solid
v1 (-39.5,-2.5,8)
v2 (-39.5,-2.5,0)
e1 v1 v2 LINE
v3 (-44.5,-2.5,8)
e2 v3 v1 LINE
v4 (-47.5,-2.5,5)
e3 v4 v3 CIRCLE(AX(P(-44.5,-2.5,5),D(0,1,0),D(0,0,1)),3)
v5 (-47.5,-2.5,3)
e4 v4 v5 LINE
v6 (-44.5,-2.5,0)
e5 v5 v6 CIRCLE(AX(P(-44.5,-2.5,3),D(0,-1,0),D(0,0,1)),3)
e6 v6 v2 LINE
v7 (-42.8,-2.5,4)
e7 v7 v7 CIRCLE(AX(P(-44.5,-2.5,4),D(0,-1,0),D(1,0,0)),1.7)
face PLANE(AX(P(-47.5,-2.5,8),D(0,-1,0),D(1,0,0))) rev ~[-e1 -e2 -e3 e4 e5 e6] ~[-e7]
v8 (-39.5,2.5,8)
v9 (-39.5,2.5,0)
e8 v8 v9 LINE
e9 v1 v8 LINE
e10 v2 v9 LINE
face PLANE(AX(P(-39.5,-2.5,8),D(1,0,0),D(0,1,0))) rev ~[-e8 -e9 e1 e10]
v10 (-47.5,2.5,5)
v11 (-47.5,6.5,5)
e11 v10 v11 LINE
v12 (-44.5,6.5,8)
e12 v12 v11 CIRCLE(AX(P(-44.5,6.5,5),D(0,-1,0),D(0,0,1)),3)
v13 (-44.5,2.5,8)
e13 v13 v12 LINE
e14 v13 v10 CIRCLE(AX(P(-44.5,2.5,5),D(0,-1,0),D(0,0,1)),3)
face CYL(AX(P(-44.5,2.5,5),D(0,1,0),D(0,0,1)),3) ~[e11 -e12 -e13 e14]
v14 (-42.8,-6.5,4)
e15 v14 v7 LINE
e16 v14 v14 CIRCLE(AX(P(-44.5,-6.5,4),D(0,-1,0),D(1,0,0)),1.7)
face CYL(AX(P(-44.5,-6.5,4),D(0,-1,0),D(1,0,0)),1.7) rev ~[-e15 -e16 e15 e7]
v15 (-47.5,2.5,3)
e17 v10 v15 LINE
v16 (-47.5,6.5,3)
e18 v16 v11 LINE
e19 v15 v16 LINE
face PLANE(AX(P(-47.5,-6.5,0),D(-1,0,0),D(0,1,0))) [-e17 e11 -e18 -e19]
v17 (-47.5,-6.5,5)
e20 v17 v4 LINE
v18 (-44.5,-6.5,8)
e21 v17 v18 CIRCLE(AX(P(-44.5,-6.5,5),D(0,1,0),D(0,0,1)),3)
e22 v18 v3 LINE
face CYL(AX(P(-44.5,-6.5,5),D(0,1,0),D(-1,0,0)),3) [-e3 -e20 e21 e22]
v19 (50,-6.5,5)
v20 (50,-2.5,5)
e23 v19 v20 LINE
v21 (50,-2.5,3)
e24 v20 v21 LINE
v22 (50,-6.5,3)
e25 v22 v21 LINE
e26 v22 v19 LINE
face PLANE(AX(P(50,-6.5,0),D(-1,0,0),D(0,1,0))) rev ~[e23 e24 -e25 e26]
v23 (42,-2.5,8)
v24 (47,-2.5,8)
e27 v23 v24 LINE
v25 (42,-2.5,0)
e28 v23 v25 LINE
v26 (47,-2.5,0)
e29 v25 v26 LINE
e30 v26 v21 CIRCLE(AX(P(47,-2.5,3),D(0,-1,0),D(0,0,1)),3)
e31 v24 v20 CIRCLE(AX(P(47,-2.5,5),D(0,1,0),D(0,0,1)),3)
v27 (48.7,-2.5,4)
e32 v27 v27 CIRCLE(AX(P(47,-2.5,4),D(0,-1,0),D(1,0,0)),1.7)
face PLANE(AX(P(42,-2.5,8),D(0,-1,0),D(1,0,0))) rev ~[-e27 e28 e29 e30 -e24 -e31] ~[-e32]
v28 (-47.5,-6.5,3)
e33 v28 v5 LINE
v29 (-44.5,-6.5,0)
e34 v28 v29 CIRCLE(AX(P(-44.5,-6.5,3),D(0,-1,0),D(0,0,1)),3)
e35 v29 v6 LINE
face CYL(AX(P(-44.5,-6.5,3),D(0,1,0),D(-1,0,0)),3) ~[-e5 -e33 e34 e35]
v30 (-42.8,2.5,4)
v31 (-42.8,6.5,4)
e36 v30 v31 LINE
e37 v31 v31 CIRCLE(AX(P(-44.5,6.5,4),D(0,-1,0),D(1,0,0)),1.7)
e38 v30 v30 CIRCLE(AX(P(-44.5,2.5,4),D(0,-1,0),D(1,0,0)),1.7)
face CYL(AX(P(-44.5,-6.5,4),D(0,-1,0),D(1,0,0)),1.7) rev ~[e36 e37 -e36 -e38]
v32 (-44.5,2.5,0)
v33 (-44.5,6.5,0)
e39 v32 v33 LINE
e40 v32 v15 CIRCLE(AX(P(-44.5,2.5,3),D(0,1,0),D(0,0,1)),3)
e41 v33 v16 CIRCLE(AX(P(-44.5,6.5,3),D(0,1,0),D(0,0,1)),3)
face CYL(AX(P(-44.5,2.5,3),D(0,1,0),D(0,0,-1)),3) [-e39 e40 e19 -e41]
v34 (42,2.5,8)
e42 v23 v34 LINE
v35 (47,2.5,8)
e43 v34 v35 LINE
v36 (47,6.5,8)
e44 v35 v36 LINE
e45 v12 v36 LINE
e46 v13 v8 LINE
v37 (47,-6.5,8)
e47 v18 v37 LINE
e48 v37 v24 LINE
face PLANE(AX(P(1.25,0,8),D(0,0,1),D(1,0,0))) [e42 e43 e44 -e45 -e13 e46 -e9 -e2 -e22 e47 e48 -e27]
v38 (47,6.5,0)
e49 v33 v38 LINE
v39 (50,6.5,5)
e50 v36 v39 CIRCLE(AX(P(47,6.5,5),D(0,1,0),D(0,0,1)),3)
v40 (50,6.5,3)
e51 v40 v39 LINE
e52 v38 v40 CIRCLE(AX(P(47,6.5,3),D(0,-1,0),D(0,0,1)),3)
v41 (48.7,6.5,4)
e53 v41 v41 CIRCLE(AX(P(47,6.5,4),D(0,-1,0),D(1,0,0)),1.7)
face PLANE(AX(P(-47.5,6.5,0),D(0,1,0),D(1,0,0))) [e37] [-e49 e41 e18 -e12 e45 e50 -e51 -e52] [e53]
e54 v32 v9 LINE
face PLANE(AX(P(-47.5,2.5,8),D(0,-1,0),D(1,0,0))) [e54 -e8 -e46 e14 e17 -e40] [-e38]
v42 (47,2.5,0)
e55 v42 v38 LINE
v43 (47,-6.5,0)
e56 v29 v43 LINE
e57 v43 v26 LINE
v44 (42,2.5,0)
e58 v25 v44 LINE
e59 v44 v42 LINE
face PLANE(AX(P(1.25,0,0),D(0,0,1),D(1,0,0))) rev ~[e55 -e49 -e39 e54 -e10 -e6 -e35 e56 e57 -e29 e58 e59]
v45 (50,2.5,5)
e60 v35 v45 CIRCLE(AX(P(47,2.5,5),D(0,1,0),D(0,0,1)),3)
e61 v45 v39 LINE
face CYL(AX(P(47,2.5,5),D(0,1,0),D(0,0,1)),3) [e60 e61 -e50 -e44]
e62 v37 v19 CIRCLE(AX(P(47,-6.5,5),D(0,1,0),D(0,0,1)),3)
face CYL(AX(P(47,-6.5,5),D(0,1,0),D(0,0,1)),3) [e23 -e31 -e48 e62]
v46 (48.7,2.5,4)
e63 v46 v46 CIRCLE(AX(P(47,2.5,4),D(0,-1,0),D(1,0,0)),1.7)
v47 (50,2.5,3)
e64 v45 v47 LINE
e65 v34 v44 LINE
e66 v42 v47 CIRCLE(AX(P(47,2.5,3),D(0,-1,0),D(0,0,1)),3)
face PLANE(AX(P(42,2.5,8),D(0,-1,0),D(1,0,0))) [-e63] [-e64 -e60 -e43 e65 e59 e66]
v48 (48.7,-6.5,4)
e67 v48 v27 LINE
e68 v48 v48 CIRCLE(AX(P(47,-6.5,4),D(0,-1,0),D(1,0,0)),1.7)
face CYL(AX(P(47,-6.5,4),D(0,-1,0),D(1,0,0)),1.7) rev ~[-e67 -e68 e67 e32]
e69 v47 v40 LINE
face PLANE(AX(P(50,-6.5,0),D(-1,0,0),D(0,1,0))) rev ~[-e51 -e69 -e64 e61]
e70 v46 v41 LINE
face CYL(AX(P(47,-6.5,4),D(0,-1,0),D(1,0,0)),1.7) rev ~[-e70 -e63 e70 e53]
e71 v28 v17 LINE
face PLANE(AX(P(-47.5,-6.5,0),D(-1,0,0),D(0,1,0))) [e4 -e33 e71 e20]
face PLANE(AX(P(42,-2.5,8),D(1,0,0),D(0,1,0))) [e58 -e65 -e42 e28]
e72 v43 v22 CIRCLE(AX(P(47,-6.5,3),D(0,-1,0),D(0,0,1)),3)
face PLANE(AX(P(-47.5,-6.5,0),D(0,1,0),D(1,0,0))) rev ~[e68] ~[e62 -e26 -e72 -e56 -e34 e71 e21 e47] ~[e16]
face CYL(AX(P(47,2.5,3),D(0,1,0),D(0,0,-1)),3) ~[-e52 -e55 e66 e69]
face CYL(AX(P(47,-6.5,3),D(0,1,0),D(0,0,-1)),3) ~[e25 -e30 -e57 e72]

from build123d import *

# Parameters (mm, degrees)
SKETCH_W        = 97.5
SKETCH_H        = 13
PAD_DEPTH       = 8
SKETCH001_R     = 1.7
POCKET_DEPTH    = 20
SKETCH002_W     = 8
SKETCH002_H     = 5
POCKET001_DEPTH = 20
FILLET_R        = 3


with BuildPart() as part:
    # Sketch → Pad (new body)
    with BuildSketch(Plane.XY):
        with Locations((1.25, 0)):
            Rectangle(SKETCH_W, SKETCH_H)
    extrude(amount=PAD_DEPTH)

    # Sketch001 (on Face1 of Pad) → Pocket (cut)
    with BuildSketch(Plane.XZ.offset(6.5)):
        with Locations((-44.5, 4)):
            Circle(SKETCH001_R)
        with Locations((47, 4)):
            Circle(SKETCH001_R)
    extrude(amount=-POCKET_DEPTH, mode=Mode.SUBTRACT)

    # Sketch002 (on Face4 of Pocket) → Pocket001 (cut)
    with BuildSketch(Plane.XY.offset(8)):
        with Locations((-43.5, 0)):
            Rectangle(SKETCH002_W, SKETCH002_H)
        with Locations((46, 0)):
            Rectangle(SKETCH002_W, SKETCH002_H)
    extrude(amount=-POCKET001_DEPTH, mode=Mode.SUBTRACT)

    # Fillet
    fillet_edges = [part.edges().sort_by_distance(p)[0] for p in [
        (50, 4.5, 8),
        (50, -4.5, 8),
        (50, -4.5, 0),
        (50, 4.5, 0),
        (-47.5, -4.5, 8),
        (-47.5, -4.5, 0),
        (-47.5, 4.5, 0),
        (-47.5, 4.5, 8),
    ]]
    fillet(fillet_edges, radius=FILLET_R)


solid = part.part
